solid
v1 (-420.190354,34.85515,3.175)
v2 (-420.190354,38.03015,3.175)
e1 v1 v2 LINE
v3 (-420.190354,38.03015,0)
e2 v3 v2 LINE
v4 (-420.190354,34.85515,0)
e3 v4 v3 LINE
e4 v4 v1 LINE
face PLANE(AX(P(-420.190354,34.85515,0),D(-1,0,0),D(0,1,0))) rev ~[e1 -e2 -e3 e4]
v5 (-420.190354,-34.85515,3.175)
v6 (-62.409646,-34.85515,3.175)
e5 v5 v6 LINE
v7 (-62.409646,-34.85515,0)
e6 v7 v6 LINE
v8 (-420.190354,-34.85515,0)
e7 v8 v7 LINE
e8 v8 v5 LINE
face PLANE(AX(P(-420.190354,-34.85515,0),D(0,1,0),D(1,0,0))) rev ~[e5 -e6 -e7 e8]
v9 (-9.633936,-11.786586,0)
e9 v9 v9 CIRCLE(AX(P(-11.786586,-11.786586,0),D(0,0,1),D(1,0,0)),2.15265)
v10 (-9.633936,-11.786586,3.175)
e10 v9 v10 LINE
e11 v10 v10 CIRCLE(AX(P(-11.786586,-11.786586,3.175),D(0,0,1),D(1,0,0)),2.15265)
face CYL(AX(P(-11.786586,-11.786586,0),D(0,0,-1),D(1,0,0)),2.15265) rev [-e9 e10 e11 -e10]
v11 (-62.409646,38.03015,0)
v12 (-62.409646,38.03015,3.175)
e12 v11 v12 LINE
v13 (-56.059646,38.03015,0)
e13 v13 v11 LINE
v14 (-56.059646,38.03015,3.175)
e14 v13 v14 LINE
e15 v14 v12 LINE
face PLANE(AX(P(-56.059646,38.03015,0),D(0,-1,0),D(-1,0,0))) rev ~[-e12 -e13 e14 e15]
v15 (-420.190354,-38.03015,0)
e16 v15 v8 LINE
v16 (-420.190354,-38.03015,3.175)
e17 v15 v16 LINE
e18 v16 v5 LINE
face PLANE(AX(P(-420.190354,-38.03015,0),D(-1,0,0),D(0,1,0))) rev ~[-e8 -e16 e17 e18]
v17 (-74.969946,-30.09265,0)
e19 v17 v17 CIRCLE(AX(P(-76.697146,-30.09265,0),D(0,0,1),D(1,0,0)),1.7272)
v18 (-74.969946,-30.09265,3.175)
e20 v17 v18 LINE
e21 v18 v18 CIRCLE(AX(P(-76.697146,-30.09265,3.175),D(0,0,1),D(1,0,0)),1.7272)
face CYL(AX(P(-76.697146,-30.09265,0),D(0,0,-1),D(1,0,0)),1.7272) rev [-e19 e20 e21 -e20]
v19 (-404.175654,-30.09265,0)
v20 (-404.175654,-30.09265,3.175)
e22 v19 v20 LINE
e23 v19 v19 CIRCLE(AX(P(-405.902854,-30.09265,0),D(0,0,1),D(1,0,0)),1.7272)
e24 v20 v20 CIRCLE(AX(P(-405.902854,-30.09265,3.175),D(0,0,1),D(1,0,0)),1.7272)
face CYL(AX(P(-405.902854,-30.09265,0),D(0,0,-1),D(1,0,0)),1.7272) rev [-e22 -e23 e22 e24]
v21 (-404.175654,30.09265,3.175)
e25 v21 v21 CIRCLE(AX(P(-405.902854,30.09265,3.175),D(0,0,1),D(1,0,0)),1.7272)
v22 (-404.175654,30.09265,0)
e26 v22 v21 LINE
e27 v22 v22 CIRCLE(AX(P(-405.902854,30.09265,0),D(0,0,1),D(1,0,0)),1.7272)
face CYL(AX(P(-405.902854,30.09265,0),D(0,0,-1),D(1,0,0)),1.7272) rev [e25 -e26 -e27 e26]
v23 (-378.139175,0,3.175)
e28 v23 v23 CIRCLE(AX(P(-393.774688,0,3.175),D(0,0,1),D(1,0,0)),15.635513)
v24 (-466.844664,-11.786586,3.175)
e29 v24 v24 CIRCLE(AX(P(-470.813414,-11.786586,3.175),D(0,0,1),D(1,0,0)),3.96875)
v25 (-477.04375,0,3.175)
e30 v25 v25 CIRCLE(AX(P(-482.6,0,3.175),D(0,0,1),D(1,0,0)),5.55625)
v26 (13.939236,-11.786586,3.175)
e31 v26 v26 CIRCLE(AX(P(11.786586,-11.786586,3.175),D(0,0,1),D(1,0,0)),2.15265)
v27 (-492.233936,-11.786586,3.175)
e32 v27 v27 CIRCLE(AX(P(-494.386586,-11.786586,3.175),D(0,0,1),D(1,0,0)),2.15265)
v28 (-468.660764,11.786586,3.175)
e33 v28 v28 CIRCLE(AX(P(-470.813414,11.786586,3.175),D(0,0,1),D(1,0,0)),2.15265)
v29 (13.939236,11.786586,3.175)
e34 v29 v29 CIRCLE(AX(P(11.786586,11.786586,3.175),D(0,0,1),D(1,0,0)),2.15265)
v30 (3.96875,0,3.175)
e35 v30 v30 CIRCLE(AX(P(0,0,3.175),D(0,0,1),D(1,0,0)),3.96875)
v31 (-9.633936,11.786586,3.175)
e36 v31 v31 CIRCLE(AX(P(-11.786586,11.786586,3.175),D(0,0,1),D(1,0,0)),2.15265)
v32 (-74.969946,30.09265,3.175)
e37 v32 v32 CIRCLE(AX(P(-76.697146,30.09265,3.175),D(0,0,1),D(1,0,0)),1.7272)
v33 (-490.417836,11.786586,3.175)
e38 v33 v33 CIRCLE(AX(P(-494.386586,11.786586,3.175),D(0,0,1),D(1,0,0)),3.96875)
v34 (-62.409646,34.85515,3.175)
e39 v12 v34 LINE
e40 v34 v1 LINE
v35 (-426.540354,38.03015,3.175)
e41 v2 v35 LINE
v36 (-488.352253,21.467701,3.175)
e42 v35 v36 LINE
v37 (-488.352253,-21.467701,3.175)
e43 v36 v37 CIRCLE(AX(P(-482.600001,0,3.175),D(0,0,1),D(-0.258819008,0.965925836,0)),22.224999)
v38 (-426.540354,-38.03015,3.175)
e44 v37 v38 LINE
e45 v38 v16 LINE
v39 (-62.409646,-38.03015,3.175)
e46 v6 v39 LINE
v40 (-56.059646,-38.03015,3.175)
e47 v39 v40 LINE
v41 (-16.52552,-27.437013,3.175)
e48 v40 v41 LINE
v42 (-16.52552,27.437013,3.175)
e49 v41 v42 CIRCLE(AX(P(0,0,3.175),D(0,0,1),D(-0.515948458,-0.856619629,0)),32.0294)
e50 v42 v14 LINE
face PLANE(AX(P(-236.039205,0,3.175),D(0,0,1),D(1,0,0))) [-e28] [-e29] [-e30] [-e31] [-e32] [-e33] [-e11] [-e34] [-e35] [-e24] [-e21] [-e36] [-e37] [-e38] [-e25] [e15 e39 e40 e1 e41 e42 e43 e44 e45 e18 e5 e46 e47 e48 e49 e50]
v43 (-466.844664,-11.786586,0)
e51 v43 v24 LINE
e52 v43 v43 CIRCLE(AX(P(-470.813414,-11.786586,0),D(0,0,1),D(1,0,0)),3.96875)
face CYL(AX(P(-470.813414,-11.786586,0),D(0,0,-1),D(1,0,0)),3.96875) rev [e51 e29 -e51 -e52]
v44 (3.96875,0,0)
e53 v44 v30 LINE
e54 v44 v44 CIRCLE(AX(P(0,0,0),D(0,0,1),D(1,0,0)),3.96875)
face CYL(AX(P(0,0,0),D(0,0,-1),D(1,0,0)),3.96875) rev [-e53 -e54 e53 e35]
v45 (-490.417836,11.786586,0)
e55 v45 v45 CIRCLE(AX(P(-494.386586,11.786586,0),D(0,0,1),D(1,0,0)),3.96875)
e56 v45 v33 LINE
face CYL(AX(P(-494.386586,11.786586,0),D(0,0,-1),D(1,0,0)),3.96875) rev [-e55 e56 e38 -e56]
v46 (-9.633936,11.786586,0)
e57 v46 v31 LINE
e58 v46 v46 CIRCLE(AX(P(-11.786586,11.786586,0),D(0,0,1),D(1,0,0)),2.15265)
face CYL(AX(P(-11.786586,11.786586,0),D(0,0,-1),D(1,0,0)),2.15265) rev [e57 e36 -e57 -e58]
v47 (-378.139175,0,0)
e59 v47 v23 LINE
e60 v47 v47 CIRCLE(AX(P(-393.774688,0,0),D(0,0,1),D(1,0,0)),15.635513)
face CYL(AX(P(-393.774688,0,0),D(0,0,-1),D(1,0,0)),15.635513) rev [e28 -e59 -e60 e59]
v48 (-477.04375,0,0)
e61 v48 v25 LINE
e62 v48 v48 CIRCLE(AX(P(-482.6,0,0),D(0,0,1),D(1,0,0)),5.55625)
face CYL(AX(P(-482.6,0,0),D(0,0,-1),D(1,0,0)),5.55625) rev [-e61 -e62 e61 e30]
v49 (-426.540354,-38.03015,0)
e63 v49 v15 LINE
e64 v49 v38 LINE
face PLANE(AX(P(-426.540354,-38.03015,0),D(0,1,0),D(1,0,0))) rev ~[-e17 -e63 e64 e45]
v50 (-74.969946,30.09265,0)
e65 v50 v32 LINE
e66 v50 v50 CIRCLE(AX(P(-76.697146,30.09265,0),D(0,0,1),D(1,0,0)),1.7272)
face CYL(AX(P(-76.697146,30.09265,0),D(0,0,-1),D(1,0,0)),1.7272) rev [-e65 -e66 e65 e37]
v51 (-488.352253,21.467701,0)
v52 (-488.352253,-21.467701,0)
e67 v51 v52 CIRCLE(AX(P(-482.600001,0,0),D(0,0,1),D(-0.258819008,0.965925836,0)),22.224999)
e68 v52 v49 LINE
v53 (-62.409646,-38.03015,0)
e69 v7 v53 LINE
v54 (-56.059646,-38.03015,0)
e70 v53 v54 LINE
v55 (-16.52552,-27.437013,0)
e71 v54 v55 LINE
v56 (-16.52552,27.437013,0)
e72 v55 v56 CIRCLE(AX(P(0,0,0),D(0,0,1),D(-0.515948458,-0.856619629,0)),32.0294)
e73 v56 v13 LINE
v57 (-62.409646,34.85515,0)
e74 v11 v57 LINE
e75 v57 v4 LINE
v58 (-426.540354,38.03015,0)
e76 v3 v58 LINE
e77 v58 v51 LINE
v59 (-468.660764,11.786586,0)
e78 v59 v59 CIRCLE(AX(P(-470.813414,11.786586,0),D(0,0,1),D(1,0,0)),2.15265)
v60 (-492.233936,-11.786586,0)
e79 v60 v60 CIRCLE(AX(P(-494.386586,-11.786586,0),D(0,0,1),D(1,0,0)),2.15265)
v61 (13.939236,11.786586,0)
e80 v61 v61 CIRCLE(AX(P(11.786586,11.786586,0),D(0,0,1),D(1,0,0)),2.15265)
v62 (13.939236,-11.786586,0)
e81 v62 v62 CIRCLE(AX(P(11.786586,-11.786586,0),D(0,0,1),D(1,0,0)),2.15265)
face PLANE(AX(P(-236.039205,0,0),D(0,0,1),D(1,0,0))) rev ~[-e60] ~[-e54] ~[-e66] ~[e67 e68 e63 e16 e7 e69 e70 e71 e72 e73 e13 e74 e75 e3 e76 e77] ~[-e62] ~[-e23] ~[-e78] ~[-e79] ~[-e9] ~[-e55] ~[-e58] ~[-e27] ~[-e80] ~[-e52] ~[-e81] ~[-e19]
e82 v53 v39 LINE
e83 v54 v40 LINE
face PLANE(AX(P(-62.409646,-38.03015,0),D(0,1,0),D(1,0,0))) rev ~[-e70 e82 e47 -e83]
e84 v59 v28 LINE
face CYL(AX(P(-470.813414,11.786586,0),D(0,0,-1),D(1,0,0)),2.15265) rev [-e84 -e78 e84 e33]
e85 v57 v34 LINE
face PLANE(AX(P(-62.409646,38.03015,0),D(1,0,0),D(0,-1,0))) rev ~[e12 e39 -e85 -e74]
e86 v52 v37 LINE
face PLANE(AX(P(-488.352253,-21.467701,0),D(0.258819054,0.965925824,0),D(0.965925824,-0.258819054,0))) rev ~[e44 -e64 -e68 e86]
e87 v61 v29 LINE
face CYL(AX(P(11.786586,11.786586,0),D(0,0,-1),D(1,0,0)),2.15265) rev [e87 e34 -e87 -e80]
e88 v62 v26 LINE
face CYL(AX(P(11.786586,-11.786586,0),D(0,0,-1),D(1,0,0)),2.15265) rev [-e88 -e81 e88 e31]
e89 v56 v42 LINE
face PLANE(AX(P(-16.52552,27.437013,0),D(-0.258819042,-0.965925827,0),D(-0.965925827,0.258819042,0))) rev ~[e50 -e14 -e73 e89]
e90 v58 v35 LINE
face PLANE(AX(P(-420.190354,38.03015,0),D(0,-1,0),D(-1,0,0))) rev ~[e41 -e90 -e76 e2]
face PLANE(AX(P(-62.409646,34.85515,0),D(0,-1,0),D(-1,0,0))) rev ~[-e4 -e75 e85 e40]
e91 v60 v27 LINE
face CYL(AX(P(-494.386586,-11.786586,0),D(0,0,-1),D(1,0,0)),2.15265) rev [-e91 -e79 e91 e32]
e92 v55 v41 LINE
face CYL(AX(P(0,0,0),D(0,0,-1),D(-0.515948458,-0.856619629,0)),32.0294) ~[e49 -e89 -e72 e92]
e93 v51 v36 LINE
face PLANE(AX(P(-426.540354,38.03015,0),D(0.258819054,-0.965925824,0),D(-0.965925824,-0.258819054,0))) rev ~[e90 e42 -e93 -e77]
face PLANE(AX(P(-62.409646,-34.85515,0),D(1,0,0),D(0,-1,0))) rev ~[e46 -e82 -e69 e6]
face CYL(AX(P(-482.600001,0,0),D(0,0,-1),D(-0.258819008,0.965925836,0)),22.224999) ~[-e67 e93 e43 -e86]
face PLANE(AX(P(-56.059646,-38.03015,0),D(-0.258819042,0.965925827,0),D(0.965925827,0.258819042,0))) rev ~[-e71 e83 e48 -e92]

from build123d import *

# Parameters (mm, degrees)
F0_R     = 1.7272
F0_R_2   = 2.15265
F0_R_3   = 3.96875
F0_R_4   = 5.55625
F0_R_5   = 15.635513
F1_DEPTH = 3.175


with BuildPart() as f1:
    # F0 (on Top) → F1 (new body)
    with BuildSketch(Plane.XY):
        with BuildLine():
            Line((-426.540354, 38.03015), (-488.352253, 21.467701))
            ThreePointArc((-488.352253, 21.467701), (-504.825, 0), (-488.352253, -21.467701))
            Line((-488.352253, -21.467701), (-426.540354, -38.03015))
            Line((-426.540354, -38.03015), (-420.190354, -38.03015))
            Line((-420.190354, -38.03015), (-420.190354, -34.85515))
            Line((-420.190354, -34.85515), (-62.409646, -34.85515))
            Line((-62.409646, -34.85515), (-62.409646, -38.03015))
            Line((-62.409646, -38.03015), (-56.059646, -38.03015))
            Line((-56.059646, -38.03015), (-16.52552, -27.437013))
            ThreePointArc((-16.52552, -27.437013), (32.0294, 0), (-16.52552, 27.437013))
            Line((-16.52552, 27.437013), (-56.059646, 38.03015))
            Line((-56.059646, 38.03015), (-62.409646, 38.03015))
            Line((-62.409646, 38.03015), (-62.409646, 34.85515))
            Line((-62.409646, 34.85515), (-420.190354, 34.85515))
            Line((-420.190354, 34.85515), (-420.190354, 38.03015))
            Line((-420.190354, 38.03015), (-426.540354, 38.03015))
        make_face()
        with Locations((-405.902854, -30.09265)):
            Circle(F0_R, mode=Mode.SUBTRACT)
        with Locations((-494.386586, -11.786586)):
            Circle(F0_R_2, mode=Mode.SUBTRACT)
        with Locations((-470.813414, -11.786586)):
            Circle(F0_R_3, mode=Mode.SUBTRACT)
        with Locations((-76.697146, -30.09265)):
            Circle(F0_R, mode=Mode.SUBTRACT)
        with Locations((-11.786586, -11.786586)):
            Circle(F0_R_2, mode=Mode.SUBTRACT)
        with Locations((11.786586, -11.786586)):
            Circle(F0_R_2, mode=Mode.SUBTRACT)
        with Locations((-482.6, 0)):
            Circle(F0_R_4, mode=Mode.SUBTRACT)
        with Locations((-393.774688, 0)):
            Circle(F0_R_5, mode=Mode.SUBTRACT)
        with Locations((-494.386586, 11.786586)):
            Circle(F0_R_3, mode=Mode.SUBTRACT)
        with Locations((-470.813414, 11.786586)):
            Circle(F0_R_2, mode=Mode.SUBTRACT)
        with Locations((-405.902854, 30.09265)):
            Circle(F0_R, mode=Mode.SUBTRACT)
        Circle(F0_R_3, mode=Mode.SUBTRACT)
        with Locations((-11.786586, 11.786586)):
            Circle(F0_R_2, mode=Mode.SUBTRACT)
        with Locations((11.786586, 11.786586)):
            Circle(F0_R_2, mode=Mode.SUBTRACT)
        with Locations((-76.697146, 30.09265)):
            Circle(F0_R, mode=Mode.SUBTRACT)
    extrude(amount=F1_DEPTH)


solid = f1.part
